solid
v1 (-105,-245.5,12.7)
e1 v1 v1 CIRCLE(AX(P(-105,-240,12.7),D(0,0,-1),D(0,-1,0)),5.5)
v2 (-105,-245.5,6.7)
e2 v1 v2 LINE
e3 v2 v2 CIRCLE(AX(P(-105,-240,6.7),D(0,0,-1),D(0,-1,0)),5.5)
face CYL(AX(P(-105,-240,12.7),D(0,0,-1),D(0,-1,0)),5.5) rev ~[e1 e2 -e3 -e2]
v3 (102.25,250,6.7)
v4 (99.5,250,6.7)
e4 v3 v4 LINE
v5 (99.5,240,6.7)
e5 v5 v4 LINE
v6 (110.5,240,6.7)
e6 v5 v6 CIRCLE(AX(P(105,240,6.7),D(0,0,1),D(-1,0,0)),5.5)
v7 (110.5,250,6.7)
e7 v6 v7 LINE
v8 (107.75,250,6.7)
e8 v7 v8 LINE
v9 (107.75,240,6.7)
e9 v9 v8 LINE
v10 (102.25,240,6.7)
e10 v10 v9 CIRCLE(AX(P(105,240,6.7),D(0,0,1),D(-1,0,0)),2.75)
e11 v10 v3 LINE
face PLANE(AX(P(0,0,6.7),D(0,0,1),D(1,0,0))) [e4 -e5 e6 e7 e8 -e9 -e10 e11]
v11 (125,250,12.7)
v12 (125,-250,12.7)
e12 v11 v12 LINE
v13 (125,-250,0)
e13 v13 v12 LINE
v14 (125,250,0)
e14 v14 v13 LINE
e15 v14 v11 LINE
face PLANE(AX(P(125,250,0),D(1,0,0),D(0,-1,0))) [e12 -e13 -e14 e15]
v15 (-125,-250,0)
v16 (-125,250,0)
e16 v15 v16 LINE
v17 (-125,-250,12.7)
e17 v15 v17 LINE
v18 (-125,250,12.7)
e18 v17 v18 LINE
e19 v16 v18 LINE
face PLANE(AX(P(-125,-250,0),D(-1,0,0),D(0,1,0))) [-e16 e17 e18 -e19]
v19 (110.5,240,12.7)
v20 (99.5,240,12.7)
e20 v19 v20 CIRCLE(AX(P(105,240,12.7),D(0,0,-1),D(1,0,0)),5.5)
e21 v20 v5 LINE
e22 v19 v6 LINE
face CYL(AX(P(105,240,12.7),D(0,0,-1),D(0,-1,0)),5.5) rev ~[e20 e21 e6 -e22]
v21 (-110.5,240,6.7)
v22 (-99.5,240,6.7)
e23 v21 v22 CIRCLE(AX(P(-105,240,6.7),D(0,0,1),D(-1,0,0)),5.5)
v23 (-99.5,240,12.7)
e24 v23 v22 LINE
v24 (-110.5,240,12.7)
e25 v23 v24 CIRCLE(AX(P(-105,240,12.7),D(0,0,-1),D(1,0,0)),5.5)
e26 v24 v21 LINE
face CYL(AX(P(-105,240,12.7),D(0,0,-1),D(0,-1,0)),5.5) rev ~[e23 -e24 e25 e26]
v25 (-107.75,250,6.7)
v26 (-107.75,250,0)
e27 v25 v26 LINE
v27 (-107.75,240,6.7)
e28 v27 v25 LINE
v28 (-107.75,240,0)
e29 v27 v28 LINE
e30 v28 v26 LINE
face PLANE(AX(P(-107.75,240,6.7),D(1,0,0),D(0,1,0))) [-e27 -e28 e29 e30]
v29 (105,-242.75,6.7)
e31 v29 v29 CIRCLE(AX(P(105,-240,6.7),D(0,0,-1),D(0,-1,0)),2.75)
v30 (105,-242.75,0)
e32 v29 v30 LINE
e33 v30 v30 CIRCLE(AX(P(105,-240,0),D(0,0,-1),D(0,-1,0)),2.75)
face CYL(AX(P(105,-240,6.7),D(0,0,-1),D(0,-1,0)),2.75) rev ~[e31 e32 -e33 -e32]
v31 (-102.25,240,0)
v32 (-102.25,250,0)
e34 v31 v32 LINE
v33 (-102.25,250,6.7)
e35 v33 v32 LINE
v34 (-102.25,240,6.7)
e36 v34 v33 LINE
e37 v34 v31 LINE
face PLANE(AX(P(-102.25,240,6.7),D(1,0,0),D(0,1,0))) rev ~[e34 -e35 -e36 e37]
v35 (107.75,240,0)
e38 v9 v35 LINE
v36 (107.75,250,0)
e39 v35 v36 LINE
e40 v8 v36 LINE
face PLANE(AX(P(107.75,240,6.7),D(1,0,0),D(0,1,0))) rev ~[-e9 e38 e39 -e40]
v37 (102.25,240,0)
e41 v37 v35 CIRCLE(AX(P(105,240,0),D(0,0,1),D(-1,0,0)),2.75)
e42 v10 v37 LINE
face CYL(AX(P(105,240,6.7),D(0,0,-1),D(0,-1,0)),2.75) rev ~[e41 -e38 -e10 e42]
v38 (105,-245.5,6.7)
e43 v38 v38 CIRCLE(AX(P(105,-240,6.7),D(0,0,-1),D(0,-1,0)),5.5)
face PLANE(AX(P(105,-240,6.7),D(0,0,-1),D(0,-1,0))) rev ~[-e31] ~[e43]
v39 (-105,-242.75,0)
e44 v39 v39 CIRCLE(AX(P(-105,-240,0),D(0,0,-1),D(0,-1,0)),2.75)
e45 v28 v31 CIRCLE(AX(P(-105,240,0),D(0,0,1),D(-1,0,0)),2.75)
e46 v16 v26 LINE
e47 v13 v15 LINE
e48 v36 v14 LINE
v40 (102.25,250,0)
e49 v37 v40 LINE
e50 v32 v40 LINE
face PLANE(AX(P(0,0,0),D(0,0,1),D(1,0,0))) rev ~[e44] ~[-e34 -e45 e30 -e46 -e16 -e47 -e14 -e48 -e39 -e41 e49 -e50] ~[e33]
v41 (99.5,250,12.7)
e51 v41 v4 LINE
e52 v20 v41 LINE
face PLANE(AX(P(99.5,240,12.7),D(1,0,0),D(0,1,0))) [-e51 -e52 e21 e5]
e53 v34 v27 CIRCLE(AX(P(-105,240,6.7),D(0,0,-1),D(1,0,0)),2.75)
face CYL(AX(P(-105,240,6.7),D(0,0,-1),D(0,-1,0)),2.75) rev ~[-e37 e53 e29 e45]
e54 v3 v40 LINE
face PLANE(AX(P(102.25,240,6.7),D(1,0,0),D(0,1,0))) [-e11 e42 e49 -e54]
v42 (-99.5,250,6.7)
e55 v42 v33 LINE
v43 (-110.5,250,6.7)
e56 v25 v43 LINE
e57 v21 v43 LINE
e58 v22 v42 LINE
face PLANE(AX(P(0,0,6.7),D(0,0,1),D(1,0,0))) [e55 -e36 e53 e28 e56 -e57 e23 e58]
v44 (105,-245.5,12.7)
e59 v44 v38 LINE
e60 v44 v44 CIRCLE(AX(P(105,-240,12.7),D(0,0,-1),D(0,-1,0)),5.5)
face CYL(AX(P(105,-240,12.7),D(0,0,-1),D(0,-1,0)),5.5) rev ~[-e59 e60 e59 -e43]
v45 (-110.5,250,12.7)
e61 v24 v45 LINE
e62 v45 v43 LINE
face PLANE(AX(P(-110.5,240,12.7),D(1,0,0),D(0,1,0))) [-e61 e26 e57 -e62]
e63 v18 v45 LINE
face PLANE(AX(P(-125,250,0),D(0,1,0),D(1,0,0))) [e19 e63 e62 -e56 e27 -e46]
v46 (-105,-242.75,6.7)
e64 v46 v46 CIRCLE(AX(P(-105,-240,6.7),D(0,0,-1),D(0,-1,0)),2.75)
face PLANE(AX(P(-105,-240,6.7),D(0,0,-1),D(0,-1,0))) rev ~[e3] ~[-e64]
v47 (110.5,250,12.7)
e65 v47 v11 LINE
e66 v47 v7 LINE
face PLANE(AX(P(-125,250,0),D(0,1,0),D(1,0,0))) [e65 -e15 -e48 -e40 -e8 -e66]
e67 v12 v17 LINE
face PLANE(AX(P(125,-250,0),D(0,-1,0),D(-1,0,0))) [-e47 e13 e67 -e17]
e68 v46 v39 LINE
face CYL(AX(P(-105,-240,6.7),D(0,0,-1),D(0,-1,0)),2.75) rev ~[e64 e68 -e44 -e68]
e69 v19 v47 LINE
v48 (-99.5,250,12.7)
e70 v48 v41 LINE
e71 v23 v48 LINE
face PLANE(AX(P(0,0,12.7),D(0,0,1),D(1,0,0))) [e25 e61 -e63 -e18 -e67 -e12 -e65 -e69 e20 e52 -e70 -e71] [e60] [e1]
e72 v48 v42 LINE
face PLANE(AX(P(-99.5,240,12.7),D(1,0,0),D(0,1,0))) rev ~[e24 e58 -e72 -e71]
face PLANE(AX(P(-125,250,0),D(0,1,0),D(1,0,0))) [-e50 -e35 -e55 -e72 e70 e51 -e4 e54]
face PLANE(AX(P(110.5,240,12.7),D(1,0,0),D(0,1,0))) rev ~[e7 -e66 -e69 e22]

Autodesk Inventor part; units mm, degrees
ref_plane "YZ Plane" through (0, 0, 0) normal (1, 0, 0) x (0, 1, 0)
ref_plane "XZ Plane" through (0, 0, 0) normal (0, 1, 0) x (-1, 0, 0)
ref_plane "XY Plane" through (0, 0, 0) normal (0, 0, 1) x (1, 0, 0)
sketch "Sketch1" plane through (0, 0, 0) normal (0, 0, 1) x (1, 0, 0)
  line L0 (-125, 250) -> (125, 250)
  line L1 (125, 250) -> (125, -250)
  line L2 (125, -250) -> (-125, -250)
  line L3 (-125, -250) -> (-125, 250)
  point P0 (0, 0)
  dimension "d0" = 250
  dimension "d1" = 500
  dimension "d2" = 125
  dimension "d3" = 250
extrude "Extrusion1" add sketch "Sketch1" along normal blind 12.7
sketch "Sketch2" plane through (0, 0, 12.7) normal (0, 0, 1) x (1, 0, 0)
  line L0 (-125, -250) -> (125, -250) projected
  line L1 (125, -250) -> (125, 250) projected
  circle A0 centre (105, -240) radius 2.75
  point P0 (0, 0)
  dimension "d6" = 5.5
  dimension "d7" = 10
  dimension "d8" = 20
hole "Hole1" at (105, -240, 12.7) direction (0, 0, -1) diameter 5.5 end through all counterbore diameter 11 counterbore depth 6
pattern_linear "Rectangular Pattern1" count 2 spacing 210 along (-1, 0, 0) count 2 spacing 480 along (0, 1, 0) of "Hole1"
sketch "Sketch4" plane through (0, 0, 12.7) normal (0, 0, 1) x (1, 0, 0)
  circle A0 centre (-105, 240) radius 5.5 projected
  circle A1 centre (105, 240) radius 5.5 projected
  line L0 (125, 250) -> (-125, 250) projected
  line L1 (-110.5, 240) -> (-110.5, 250)
  line L2 (-99.5, 240) -> (-99.5, 250)
  line L3 (99.5, 240) -> (99.5, 250)
  line L4 (110.5, 240) -> (110.5, 250)
  point P0 (0, 0)
extrude "Extrusion2" cut sketch "Sketch4" against normal blind 6 contours L0 L4 A1 L3 | A0 L1 L0 L2
sketch "Sketch5" plane through (-105, 240, 6.7) normal (0, 0, 1) x (1, 0, 0)
  line L0 (-5.5, 10) -> (5.5, 10) projected
  circle A0 centre (0, 0) radius 2.75 projected
  arc A1 (204.5, 0) -> (215.5, 0) centre (210, 0) ccw projected
  line L1 (215.5, 10) -> (215.5, 0) projected
  line L2 (204.5, 10) -> (215.5, 10) projected
  line L3 (204.5, 0) -> (204.5, 10) projected
  circle A2 centre (210, 0) radius 2.75 projected
  line L4 (-2.75, 0) -> (-2.75, 10)
  line L5 (2.75, 0) -> (2.75, 10)
  line L6 (212.75, 0) -> (212.75, 10)
  line L7 (207.25, 0) -> (207.25, 10)
  point P0 (105, -240)
extrude "Extrusion3" cut sketch "Sketch5" against normal through all contours L0 L5 A0 L4 | L2 L6 A2 L7
equation "\"d2\" = 0.5 * d0"
equation "\"d3\" = 0.5 * d1"
properties part number "PS20001" material "MDF Medium Density Fiberboard"
